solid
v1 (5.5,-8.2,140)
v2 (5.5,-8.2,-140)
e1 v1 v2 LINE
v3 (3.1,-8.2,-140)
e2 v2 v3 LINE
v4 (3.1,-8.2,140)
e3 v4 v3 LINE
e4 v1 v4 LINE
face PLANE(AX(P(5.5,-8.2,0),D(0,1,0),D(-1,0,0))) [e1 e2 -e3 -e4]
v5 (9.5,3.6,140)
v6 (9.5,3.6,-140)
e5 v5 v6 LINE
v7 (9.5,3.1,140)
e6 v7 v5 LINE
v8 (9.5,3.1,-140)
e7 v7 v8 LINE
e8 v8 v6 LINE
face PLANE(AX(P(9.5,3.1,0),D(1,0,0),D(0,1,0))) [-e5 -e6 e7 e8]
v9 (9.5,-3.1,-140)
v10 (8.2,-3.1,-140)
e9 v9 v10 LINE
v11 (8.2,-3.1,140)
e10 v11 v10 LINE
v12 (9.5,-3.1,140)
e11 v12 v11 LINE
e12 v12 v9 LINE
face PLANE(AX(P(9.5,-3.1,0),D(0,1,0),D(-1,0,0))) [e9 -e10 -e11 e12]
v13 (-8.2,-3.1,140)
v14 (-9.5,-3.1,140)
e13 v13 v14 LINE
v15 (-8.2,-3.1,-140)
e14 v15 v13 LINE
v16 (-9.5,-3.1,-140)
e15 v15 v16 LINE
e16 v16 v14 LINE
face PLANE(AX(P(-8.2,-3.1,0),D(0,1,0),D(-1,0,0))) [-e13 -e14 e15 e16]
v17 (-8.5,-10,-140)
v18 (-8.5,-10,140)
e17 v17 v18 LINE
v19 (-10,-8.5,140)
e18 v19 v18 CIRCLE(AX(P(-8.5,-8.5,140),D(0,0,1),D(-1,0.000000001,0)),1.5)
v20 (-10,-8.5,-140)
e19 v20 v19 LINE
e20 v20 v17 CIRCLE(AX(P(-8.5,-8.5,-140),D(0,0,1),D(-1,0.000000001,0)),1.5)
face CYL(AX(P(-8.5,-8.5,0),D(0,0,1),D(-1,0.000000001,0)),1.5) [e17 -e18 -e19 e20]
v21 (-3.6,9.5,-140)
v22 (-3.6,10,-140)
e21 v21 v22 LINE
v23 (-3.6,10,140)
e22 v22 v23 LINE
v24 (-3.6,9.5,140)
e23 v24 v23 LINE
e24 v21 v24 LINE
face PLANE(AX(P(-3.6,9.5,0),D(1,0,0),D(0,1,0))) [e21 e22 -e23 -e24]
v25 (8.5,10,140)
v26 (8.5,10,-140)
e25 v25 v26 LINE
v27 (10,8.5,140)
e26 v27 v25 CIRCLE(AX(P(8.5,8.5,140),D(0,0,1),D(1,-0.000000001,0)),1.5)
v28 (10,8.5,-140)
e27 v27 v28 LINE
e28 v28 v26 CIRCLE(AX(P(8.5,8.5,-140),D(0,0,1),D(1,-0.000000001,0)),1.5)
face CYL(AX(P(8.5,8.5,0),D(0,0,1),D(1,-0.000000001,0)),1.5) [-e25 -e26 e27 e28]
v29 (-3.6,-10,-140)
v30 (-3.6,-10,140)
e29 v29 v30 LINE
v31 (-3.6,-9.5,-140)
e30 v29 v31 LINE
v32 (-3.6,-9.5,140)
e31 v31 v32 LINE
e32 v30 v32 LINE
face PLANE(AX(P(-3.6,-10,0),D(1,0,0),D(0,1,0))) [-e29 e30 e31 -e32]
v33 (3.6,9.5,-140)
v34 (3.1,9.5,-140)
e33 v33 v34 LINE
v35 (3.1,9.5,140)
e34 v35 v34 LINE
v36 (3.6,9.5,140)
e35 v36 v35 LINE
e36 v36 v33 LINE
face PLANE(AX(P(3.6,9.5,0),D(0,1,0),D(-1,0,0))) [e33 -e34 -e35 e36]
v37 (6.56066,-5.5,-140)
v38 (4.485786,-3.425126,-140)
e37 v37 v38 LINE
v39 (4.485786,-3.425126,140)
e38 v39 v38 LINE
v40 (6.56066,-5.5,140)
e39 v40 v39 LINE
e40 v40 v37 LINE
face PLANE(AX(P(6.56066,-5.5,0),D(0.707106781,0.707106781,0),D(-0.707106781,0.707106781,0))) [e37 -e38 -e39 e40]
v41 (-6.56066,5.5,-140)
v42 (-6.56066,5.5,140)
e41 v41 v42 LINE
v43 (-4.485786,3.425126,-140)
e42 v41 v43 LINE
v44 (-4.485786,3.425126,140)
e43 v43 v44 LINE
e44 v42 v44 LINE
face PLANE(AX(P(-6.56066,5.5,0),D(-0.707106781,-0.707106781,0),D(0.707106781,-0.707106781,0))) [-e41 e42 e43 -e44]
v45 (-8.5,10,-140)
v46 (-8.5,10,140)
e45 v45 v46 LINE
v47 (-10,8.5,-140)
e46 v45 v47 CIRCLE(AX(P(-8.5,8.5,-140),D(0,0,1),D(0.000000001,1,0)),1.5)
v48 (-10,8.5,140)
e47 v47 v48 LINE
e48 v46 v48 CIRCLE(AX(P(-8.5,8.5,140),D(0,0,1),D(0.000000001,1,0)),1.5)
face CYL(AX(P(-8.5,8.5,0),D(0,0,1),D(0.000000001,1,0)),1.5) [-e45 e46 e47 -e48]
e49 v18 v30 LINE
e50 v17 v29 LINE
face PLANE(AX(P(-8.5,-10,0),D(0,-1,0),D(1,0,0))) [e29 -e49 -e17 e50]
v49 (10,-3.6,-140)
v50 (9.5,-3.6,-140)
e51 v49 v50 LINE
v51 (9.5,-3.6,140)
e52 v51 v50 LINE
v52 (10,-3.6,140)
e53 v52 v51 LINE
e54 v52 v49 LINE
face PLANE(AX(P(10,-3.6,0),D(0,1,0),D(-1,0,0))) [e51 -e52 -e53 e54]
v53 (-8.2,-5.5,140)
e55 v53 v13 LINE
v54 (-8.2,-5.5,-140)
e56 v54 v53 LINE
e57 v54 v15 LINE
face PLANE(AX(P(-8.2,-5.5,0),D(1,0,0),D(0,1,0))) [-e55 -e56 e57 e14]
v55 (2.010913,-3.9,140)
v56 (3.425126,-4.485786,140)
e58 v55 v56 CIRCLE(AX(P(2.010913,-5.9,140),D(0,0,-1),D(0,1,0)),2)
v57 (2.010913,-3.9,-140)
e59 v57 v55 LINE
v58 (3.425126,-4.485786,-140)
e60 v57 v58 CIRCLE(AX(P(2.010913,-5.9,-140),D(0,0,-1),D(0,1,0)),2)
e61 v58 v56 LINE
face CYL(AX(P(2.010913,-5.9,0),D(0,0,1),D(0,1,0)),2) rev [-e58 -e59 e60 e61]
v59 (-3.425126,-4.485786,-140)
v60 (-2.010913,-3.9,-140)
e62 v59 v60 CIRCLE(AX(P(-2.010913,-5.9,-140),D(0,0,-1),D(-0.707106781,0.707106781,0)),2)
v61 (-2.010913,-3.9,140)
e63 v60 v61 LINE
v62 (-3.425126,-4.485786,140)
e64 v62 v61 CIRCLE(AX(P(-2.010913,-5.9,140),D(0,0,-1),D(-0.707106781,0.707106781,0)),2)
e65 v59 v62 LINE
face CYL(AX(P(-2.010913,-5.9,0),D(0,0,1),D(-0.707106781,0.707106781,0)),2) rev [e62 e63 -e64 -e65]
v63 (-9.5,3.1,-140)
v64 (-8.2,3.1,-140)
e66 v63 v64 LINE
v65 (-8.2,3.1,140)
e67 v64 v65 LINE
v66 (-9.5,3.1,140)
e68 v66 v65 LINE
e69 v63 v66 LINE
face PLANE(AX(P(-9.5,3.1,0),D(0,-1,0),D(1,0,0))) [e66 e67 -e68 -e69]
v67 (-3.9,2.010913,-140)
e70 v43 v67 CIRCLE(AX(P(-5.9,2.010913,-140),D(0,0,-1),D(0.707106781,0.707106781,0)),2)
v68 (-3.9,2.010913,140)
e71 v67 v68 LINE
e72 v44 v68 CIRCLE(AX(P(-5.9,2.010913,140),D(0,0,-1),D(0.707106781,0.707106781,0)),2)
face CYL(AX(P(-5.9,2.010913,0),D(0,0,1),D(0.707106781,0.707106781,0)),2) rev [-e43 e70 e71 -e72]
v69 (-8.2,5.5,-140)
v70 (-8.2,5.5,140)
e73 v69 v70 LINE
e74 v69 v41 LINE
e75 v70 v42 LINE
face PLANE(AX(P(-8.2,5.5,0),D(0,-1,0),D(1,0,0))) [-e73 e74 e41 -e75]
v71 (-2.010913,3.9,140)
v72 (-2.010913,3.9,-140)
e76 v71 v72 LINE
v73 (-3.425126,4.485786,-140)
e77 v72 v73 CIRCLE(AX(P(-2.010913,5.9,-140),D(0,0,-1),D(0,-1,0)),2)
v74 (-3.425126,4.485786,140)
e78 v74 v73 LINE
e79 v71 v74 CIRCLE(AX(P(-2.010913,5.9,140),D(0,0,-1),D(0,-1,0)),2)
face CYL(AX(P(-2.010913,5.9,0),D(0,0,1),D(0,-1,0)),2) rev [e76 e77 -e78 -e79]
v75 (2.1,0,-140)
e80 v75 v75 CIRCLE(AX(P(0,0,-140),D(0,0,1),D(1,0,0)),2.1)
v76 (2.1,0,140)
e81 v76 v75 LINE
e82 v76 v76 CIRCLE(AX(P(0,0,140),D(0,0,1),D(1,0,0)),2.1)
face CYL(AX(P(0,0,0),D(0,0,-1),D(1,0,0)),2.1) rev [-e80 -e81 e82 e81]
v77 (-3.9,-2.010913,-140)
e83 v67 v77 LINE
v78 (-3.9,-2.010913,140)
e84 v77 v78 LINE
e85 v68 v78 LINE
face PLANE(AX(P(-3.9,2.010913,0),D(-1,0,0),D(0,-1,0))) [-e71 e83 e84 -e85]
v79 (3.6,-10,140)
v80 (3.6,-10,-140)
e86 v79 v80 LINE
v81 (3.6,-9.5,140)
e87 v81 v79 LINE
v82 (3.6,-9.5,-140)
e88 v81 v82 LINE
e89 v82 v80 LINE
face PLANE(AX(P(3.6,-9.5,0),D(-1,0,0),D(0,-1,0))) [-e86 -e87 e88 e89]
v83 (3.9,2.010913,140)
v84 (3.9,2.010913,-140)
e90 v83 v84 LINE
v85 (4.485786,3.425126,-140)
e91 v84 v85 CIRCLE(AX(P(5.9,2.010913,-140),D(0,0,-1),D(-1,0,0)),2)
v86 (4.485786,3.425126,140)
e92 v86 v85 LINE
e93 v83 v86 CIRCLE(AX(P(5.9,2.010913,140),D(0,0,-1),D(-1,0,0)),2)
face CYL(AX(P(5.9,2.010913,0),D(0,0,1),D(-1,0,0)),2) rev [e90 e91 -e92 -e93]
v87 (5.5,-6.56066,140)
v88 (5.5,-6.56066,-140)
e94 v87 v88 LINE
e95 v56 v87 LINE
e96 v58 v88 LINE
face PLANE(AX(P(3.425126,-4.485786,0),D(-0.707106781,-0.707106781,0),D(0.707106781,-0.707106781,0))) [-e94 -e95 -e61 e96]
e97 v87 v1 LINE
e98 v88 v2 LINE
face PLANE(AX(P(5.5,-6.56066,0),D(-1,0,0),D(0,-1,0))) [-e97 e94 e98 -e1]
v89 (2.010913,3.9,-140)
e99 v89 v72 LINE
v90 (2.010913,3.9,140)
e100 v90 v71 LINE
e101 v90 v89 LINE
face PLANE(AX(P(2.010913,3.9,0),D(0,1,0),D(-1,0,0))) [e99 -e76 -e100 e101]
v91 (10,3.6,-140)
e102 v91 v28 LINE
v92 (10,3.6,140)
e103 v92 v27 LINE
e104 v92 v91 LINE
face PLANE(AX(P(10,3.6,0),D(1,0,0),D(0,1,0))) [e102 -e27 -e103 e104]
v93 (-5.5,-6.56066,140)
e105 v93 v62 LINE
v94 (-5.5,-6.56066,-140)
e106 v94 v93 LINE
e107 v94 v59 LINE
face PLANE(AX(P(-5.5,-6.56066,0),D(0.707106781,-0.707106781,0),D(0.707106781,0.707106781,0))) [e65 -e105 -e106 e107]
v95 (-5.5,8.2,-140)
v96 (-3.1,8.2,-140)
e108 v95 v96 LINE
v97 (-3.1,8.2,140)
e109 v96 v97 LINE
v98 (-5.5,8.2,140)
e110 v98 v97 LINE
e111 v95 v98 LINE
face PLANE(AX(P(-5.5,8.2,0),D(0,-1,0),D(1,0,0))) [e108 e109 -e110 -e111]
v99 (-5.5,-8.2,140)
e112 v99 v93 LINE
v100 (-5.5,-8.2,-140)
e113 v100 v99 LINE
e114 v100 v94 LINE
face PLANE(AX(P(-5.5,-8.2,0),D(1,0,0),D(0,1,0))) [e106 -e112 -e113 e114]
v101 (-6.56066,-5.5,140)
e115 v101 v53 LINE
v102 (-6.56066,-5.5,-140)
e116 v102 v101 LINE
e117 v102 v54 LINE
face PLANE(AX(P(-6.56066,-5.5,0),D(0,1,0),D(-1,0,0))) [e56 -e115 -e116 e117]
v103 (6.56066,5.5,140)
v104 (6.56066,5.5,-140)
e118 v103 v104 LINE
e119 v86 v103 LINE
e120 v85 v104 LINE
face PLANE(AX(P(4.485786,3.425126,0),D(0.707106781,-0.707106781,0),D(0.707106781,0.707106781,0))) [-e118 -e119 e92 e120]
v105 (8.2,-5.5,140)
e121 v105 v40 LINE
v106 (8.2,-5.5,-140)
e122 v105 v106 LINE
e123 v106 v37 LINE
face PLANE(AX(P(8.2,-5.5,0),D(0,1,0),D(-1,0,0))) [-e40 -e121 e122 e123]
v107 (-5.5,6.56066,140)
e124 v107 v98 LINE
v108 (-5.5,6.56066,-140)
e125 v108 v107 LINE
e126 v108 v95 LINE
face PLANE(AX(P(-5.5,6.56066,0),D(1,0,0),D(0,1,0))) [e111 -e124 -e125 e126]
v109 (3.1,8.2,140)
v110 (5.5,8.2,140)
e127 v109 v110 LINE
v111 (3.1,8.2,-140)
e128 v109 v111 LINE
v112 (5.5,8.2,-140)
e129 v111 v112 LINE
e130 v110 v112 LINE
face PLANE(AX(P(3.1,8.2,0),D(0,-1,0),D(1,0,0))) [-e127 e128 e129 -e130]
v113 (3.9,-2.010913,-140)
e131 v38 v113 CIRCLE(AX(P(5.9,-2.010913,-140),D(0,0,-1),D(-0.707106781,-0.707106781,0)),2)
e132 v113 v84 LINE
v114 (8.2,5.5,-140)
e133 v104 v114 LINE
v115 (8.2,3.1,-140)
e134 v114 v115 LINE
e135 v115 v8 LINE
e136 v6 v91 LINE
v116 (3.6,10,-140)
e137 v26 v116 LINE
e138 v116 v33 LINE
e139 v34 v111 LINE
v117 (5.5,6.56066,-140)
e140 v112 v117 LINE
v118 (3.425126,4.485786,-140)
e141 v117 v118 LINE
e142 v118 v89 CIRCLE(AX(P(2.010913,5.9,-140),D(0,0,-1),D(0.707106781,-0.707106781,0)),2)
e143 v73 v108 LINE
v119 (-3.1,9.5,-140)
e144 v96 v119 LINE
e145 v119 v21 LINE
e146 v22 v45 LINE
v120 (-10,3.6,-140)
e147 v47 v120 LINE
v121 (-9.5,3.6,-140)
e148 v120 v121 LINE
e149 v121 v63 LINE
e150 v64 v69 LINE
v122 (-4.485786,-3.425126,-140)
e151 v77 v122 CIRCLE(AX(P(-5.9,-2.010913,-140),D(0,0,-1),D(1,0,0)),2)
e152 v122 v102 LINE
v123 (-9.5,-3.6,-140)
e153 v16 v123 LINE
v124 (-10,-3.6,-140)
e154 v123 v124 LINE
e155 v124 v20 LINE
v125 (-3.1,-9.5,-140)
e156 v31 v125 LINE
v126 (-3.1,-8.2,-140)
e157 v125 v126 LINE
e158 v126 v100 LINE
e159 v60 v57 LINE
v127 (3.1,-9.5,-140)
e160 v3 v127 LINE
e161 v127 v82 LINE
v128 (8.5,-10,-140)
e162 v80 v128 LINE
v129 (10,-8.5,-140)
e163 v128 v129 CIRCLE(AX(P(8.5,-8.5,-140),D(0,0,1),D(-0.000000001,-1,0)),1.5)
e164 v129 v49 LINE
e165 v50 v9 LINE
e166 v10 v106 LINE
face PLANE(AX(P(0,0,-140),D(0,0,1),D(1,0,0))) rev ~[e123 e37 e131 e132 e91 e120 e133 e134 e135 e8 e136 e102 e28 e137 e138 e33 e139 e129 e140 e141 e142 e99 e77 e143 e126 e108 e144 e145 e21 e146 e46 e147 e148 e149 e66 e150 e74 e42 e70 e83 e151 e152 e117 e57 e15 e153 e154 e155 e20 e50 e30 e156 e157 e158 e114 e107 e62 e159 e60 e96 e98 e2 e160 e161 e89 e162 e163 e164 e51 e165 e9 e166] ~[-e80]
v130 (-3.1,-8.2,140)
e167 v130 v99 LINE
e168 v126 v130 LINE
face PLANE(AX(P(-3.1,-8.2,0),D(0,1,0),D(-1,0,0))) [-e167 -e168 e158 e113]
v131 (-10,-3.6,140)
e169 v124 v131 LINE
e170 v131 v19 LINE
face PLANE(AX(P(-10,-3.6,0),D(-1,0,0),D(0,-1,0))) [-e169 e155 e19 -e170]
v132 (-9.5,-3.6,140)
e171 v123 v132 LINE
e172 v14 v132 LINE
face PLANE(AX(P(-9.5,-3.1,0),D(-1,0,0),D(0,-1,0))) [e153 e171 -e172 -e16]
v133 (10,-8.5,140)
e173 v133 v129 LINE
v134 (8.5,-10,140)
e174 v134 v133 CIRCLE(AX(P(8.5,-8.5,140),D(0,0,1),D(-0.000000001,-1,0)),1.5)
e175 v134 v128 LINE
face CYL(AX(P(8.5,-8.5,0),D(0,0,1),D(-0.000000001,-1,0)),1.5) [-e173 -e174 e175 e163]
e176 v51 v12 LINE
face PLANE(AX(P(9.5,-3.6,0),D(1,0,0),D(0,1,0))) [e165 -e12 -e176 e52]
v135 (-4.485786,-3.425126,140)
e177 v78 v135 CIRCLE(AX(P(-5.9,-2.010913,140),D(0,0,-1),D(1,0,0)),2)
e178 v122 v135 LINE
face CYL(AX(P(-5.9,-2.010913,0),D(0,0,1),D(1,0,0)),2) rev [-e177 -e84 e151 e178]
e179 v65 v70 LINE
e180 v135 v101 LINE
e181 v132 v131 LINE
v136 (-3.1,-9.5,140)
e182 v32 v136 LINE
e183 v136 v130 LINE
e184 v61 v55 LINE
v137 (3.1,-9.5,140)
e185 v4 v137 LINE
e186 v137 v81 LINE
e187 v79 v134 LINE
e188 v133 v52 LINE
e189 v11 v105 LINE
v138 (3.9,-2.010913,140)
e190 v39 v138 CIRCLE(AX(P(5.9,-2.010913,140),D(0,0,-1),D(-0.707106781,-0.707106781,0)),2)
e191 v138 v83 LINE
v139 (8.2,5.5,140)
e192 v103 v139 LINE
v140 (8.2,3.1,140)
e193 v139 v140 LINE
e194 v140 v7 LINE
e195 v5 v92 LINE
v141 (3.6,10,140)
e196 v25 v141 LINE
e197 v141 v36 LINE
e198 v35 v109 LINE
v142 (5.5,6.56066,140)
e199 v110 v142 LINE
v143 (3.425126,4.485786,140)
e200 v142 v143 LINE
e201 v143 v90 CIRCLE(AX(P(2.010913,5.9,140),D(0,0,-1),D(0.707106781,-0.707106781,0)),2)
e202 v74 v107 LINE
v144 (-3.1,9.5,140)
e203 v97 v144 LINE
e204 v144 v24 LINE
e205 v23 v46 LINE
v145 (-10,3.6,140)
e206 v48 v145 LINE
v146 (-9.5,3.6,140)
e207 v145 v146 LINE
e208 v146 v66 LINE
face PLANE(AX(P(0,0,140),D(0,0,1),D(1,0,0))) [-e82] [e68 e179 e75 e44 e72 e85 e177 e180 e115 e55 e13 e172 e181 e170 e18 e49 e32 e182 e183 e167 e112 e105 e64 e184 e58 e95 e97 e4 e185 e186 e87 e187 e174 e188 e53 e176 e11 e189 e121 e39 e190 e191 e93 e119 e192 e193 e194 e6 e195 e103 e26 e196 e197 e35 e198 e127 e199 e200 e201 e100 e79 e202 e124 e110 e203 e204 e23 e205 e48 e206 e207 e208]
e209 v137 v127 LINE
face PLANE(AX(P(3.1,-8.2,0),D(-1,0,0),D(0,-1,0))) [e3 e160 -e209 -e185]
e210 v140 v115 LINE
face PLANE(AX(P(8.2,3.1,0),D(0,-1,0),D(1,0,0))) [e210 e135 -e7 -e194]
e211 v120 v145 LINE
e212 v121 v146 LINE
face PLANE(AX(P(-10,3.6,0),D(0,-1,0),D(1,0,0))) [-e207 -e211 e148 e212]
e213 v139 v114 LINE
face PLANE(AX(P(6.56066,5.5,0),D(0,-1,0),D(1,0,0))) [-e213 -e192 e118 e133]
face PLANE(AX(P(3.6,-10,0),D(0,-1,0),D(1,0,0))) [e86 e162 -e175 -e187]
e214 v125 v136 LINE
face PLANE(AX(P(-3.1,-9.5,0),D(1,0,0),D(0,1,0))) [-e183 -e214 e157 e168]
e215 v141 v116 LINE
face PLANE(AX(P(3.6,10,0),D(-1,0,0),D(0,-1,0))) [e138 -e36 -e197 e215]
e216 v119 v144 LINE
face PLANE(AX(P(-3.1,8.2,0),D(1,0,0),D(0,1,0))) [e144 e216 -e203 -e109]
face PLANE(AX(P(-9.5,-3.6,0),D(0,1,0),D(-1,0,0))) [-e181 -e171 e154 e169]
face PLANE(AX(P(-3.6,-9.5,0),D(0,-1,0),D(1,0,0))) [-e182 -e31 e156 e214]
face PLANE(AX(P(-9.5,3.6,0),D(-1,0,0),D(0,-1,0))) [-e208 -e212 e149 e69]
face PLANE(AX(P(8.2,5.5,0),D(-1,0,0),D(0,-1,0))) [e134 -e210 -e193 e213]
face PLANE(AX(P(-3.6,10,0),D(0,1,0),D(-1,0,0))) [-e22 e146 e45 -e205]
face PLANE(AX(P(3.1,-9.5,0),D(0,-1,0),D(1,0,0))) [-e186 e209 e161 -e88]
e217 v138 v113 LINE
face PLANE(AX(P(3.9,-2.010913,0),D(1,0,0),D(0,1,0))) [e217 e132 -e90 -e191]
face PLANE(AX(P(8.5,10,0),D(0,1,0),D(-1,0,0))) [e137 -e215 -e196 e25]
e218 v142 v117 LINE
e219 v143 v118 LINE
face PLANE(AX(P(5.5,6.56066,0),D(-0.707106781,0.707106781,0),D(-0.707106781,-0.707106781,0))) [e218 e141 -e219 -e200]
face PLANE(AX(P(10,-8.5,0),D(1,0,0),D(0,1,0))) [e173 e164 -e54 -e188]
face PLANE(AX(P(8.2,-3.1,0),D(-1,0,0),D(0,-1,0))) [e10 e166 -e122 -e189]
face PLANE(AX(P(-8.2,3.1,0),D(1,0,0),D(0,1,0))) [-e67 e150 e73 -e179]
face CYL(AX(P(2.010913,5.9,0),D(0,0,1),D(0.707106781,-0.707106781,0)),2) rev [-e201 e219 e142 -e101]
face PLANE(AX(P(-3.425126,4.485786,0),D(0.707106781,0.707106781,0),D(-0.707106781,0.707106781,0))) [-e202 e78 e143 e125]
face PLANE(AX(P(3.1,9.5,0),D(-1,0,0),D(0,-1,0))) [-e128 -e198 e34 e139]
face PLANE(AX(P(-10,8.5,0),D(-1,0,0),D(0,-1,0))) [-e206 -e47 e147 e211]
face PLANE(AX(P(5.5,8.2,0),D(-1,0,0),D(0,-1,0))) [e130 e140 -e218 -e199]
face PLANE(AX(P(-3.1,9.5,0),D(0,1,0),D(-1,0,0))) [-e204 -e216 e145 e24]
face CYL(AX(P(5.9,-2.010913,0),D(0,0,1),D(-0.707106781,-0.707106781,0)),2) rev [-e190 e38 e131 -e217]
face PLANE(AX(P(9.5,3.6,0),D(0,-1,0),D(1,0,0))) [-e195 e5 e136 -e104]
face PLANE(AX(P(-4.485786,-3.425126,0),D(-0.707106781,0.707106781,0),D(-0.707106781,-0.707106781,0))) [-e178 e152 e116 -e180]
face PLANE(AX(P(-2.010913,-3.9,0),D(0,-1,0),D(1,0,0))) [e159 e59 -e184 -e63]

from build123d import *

# Parameters (mm, degrees)
SKETCH_1_R      = 2.1
EXTRUDE_1_DEPTH = 140


with BuildPart() as part:
    # 草图1 → 凸台-拉伸1 (new body, symmetric)
    with BuildSketch(Plane.XY):
        with BuildLine():
            Line((-3.425126266, 4.485786438), (-5.5, 6.560660172))
            Line((-5.5, 6.560660172), (-5.5, 8.2))
            Line((-5.5, 8.2), (-3.1, 8.2))
            Line((-3.1, 8.2), (-3.1, 9.5))
            Line((-3.1, 9.5), (-3.6, 9.5))
            Line((-3.6, 9.5), (-3.6, 10))
            Line((-3.6, 10), (-8.5, 10))
            ThreePointArc((-8.5, 10), (-9.560660172, 9.560660172), (-10, 8.5))
            Line((-10, 8.5), (-10, 3.6))
            Line((-10, 3.6), (-9.5, 3.6))
            Line((-9.5, 3.6), (-9.5, 3.1))
            Line((-9.5, 3.1), (-8.2, 3.1))
            Line((-8.2, 3.1), (-8.2, 5.5))
            Line((-8.2, 5.5), (-6.560660172, 5.5))
            Line((-6.560660172, 5.5), (-4.485786438, 3.425126266))
            ThreePointArc((-4.485786438, 3.425126266), (-4.052240935, 2.776279568), (-3.9, 2.010912703))
            Line((-3.9, 2.010912703), (-3.9, -2.010912703))
            ThreePointArc((-3.9, -2.010912703), (-4.052240935, -2.776279568), (-4.485786438, -3.425126266))
            Line((-4.485786438, -3.425126266), (-6.560660172, -5.5))
            Line((-6.560660172, -5.5), (-8.2, -5.5))
            Line((-8.2, -5.5), (-8.2, -3.1))
            Line((-8.2, -3.1), (-9.5, -3.1))
            Line((-9.5, -3.1), (-9.5, -3.6))
            Line((-9.5, -3.6), (-10, -3.6))
            Line((-10, -3.6), (-10, -8.5))
            ThreePointArc((-10, -8.5), (-9.560660172, -9.560660172), (-8.5, -10))
            Line((-8.5, -10), (-3.6, -10))
            Line((-3.6, -10), (-3.6, -9.5))
            Line((-3.6, -9.5), (-3.1, -9.5))
            Line((-3.1, -9.5), (-3.1, -8.2))
            Line((-3.1, -8.2), (-5.5, -8.2))
            Line((-5.5, -8.2), (-5.5, -6.560660172))
            Line((-5.5, -6.560660172), (-3.425126266, -4.485786438))
            ThreePointArc((-3.425126266, -4.485786438), (-2.776279568, -4.052240935), (-2.010912703, -3.9))
            Line((-2.010912703, -3.9), (2.010912703, -3.9))
            ThreePointArc((2.010912703, -3.9), (2.776279568, -4.052240935), (3.425126266, -4.485786438))
            Line((3.425126266, -4.485786438), (5.5, -6.560660172))
            Line((5.5, -6.560660172), (5.5, -8.2))
            Line((5.5, -8.2), (3.1, -8.2))
            Line((3.1, -8.2), (3.1, -9.5))
            Line((3.1, -9.5), (3.6, -9.5))
            Line((3.6, -9.5), (3.6, -10))
            Line((3.6, -10), (8.5, -10))
            ThreePointArc((8.5, -10), (9.560660172, -9.560660172), (10, -8.5))
            Line((10, -8.5), (10, -3.6))
            Line((10, -3.6), (9.5, -3.6))
            Line((9.5, -3.6), (9.5, -3.1))
            Line((9.5, -3.1), (8.2, -3.1))
            Line((8.2, -3.1), (8.2, -5.5))
            Line((8.2, -5.5), (6.560660172, -5.5))
            Line((6.560660172, -5.5), (4.485786438, -3.425126266))
            ThreePointArc((4.485786438, -3.425126266), (4.052240935, -2.776279568), (3.9, -2.010912703))
            Line((3.9, -2.010912703), (3.9, 2.010912703))
            ThreePointArc((3.9, 2.010912703), (4.052240935, 2.776279568), (4.485786438, 3.425126266))
            Line((4.485786438, 3.425126266), (6.560660172, 5.5))
            Line((6.560660172, 5.5), (8.2, 5.5))
            Line((8.2, 5.5), (8.2, 3.1))
            Line((8.2, 3.1), (9.5, 3.1))
            Line((9.5, 3.1), (9.5, 3.6))
            Line((9.5, 3.6), (10, 3.6))
            Line((10, 3.6), (10, 8.5))
            ThreePointArc((10, 8.5), (9.560660172, 9.560660172), (8.5, 10))
            Line((8.5, 10), (3.6, 10))
            Line((3.6, 10), (3.6, 9.5))
            Line((3.6, 9.5), (3.1, 9.5))
            Line((3.1, 9.5), (3.1, 8.2))
            Line((3.1, 8.2), (5.5, 8.2))
            Line((5.5, 8.2), (5.5, 6.560660172))
            Line((5.5, 6.560660172), (3.425126266, 4.485786438))
            ThreePointArc((3.425126266, 4.485786438), (2.776279568, 4.052240935), (2.010912703, 3.9))
            Line((2.010912703, 3.9), (-2.010912703, 3.9))
            ThreePointArc((-2.010912703, 3.9), (-2.776279568, 4.052240935), (-3.425126266, 4.485786438))
        make_face()
        Circle(SKETCH_1_R, mode=Mode.SUBTRACT)
    extrude(amount=EXTRUDE_1_DEPTH, both=True)


solid = part.part
